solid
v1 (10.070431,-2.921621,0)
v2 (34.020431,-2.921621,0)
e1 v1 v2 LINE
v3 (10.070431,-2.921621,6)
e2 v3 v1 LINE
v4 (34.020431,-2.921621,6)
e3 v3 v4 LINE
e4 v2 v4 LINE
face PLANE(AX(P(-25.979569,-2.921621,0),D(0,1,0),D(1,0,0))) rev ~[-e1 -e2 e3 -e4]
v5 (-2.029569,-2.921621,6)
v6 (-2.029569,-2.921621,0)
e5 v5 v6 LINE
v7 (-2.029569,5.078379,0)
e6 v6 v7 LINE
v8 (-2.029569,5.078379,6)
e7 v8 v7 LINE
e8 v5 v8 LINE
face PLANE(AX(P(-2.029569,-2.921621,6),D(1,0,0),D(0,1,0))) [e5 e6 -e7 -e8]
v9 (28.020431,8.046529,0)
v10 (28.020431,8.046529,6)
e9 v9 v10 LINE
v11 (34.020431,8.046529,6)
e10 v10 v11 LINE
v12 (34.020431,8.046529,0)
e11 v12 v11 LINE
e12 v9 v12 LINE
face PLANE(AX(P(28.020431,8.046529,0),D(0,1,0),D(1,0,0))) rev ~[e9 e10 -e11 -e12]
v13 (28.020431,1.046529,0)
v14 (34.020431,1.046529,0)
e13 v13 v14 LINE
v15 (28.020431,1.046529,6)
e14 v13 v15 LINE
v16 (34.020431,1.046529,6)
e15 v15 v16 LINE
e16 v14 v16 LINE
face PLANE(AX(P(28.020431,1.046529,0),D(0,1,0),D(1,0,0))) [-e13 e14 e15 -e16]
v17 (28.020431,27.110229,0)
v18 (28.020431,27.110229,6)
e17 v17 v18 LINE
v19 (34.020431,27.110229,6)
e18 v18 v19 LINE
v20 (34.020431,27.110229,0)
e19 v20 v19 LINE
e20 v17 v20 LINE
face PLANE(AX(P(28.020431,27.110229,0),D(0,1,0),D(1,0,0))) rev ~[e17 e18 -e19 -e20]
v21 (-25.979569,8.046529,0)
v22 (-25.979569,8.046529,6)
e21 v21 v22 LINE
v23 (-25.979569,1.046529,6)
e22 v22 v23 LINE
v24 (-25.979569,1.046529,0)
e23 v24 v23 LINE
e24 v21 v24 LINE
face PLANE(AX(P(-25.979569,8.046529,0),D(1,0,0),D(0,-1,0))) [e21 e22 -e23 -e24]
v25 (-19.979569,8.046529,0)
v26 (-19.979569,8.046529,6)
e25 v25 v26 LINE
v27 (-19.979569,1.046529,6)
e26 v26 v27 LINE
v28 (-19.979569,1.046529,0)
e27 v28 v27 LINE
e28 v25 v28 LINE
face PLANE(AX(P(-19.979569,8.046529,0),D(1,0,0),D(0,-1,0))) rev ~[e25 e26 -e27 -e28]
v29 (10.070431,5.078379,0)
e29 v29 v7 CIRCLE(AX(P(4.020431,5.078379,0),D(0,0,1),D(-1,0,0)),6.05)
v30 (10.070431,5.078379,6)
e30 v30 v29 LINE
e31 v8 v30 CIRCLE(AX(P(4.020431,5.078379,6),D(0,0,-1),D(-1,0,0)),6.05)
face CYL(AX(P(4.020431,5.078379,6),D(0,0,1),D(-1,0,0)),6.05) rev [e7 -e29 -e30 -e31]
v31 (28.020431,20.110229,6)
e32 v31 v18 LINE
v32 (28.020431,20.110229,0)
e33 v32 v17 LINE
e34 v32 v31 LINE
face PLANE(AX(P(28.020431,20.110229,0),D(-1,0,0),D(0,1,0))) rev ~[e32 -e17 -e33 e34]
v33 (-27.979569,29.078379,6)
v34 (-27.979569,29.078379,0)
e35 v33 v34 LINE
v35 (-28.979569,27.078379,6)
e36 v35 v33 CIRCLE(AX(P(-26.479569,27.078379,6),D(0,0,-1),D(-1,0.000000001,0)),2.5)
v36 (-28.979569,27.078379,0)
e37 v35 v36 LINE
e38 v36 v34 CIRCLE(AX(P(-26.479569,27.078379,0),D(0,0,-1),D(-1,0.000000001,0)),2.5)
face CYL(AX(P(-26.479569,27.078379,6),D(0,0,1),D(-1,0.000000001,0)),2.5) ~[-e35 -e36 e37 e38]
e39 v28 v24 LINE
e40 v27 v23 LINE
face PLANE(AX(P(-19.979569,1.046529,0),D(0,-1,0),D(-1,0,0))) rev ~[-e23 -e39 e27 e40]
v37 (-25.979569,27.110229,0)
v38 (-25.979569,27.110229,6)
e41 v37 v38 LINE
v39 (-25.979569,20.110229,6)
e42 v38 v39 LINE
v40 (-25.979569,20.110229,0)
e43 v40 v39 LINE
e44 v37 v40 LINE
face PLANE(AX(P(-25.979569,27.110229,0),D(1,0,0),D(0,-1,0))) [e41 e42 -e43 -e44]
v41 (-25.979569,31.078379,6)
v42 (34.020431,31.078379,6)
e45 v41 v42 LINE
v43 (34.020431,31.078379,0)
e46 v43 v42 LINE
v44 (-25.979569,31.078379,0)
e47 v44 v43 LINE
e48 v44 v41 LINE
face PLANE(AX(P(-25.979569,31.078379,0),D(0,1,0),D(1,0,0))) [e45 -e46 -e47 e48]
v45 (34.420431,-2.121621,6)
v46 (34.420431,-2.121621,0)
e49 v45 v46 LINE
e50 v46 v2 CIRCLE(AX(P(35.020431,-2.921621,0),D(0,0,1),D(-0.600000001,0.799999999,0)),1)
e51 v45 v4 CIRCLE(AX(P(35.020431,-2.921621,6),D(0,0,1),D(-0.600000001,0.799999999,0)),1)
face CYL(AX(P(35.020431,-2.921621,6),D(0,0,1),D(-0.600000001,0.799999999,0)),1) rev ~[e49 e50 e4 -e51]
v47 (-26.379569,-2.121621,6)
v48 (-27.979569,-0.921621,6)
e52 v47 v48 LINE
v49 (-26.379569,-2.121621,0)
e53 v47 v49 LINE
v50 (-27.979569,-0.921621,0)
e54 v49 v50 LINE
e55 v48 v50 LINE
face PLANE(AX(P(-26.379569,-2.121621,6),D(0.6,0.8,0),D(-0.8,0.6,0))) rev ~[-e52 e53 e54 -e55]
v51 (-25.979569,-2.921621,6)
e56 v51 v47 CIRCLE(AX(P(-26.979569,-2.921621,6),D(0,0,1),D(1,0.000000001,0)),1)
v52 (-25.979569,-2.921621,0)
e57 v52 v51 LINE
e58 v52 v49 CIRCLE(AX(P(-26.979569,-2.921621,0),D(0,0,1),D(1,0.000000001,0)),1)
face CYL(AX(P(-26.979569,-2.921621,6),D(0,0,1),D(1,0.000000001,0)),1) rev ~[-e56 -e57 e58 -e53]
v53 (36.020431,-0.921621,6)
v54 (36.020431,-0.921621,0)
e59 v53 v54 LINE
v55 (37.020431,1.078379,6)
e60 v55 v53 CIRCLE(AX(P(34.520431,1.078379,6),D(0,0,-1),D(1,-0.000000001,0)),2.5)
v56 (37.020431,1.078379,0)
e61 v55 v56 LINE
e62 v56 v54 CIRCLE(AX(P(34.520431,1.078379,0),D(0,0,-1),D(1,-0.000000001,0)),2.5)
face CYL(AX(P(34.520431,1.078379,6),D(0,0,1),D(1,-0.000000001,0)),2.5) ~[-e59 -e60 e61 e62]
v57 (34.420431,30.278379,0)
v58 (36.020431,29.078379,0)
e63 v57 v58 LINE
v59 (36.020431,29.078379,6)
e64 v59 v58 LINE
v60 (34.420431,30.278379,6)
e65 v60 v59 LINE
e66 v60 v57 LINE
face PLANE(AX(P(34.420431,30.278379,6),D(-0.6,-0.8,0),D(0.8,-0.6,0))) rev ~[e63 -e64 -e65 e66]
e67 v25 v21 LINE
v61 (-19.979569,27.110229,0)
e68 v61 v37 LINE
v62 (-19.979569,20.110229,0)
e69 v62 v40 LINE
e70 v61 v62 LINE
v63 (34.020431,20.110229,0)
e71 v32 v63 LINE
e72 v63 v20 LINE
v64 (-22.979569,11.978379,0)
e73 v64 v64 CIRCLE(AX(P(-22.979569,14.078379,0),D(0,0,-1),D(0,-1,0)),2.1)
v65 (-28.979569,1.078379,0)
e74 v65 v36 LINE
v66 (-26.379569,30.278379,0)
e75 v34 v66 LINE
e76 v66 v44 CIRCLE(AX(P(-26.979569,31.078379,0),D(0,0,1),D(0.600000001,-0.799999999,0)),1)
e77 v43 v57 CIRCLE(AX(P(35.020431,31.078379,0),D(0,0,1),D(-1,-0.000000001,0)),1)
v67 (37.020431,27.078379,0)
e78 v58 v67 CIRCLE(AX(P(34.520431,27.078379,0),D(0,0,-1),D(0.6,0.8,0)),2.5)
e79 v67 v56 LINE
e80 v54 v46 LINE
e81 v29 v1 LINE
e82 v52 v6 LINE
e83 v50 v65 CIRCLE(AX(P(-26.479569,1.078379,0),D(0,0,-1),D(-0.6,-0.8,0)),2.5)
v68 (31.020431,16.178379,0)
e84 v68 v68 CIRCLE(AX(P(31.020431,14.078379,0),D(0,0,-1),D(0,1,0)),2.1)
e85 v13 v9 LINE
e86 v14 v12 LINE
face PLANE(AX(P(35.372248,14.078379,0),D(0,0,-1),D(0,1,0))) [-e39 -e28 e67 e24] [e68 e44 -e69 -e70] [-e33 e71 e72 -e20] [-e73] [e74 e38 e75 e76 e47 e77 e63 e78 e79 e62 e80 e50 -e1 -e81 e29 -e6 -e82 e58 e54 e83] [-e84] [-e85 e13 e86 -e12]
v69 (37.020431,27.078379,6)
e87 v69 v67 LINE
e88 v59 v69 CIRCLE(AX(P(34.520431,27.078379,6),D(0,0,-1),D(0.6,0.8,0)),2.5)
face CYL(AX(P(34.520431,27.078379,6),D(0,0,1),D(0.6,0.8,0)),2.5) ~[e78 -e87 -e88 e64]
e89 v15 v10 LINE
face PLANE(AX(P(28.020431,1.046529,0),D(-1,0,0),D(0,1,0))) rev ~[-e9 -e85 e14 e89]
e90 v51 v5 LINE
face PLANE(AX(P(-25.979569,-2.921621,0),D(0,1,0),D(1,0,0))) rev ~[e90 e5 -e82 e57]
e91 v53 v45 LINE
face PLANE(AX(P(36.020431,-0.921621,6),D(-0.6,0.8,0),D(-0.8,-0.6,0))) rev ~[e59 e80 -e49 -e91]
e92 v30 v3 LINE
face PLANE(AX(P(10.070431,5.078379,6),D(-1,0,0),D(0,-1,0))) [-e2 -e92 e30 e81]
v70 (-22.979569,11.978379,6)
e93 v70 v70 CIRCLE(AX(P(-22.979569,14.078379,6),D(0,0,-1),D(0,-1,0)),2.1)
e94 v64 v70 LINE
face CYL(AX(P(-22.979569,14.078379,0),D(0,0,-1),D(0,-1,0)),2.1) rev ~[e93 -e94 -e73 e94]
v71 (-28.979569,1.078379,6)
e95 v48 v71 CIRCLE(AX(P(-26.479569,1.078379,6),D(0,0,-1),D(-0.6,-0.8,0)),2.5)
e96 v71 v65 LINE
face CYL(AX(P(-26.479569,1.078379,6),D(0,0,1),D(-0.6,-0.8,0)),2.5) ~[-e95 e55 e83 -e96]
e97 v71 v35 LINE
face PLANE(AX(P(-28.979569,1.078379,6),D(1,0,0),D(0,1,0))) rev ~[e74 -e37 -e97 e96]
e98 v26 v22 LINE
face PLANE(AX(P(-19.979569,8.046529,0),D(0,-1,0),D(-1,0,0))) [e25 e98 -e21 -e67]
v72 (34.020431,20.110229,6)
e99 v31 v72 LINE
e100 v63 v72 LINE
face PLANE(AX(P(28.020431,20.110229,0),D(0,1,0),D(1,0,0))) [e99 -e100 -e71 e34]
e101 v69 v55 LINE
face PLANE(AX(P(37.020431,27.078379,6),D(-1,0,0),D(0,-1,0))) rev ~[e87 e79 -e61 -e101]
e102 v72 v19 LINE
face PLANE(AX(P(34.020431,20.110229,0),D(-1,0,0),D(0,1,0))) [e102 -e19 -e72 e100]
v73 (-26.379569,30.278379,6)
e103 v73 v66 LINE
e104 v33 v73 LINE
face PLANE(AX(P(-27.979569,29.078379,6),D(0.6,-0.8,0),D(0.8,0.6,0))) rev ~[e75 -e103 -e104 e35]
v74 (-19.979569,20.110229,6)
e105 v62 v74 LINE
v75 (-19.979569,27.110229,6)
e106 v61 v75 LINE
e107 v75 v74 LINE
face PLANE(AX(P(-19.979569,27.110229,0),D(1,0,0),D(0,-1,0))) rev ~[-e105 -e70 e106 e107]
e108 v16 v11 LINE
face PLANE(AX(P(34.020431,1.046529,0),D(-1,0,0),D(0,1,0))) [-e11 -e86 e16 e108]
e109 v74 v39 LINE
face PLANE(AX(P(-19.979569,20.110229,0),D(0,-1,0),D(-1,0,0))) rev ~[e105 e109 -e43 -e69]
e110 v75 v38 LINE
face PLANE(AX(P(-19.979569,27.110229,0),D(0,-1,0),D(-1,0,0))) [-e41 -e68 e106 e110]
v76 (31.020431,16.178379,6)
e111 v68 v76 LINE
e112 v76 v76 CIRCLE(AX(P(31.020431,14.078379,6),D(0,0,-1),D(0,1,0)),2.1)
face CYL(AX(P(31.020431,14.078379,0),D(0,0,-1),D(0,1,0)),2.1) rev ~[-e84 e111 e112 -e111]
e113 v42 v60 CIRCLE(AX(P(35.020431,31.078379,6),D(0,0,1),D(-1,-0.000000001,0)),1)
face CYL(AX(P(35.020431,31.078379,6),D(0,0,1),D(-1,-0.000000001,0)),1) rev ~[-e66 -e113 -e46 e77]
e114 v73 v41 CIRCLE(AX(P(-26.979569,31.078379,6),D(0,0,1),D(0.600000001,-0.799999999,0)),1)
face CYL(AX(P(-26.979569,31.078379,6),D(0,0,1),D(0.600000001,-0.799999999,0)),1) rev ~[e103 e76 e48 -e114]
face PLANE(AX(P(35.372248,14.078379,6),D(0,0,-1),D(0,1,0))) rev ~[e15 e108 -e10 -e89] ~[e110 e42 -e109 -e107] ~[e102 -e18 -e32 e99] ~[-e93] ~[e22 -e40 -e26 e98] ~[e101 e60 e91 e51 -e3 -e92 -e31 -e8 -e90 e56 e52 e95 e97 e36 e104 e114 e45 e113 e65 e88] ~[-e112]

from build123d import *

# Parameters (mm, degrees)
SKETCH_1_W           = 60
SKETCH_1_H           = 34
EXTRUDE_1_DEPTH      = 6
CUT_EXTRUDE_1_DEPTH  = 7
EXTRUDE_2_DEPTH      = 6
SKETCH_3_R           = 2.1
SKETCH_3_W           = 7
SKETCH_3_H           = 6
CUT_EXTRUDE_11_DEPTH = 7
EXTRUDE_21_DEPTH     = 6
SKETCH_31_R          = 2.1
SKETCH_31_W          = 7
SKETCH_31_H          = 6
CUT_EXTRUDE_12_DEPTH = 7


with BuildPart() as part:
    # Эскиз1 → Бобышка-Вытянуть1 (new body)
    with BuildSketch(Plane.XY):
        with Locations((4.02043073, 14.078379342)):
            Rectangle(SKETCH_1_W, SKETCH_1_H)
    extrude(amount=EXTRUDE_1_DEPTH)

    # Эскиз2 → Вырез-Вытянуть1 (cut, through all)
    with BuildSketch(Plane.XY.offset(6)):
        with BuildLine():
            Line((-2.02956927, -2.921620658), (-2.02956927, 5.078379342))
            ThreePointArc((-2.02956927, 5.078379342), (4.02043073, 11.128379342), (10.07043073, 5.078379342))
            Line((10.07043073, 5.078379342), (10.07043073, -2.921620658))
            ThreePointArc((10.07043073, -2.921620658), (4.02043073, -8.971620658), (-2.02956927, -2.921620658))
        make_face()
    extrude(amount=-CUT_EXTRUDE_1_DEPTH, mode=Mode.SUBTRACT)

    # Эскиз21 → Бобышка-Вытянуть2 (add)
    with BuildSketch(Plane(origin=(24.02043073, 14.078379342, 6), x_dir=(0, -1, 0), z_dir=(0, 0, -1))):
        with BuildLine():
            Line((13, 53), (-13, 53))
            ThreePointArc((-13, 53), (-14.118033989, 52.736067977), (-15, 52))
            Line((-15, 52), (-16.2, 50.4))
            ThreePointArc((-16.2, 50.4), (-16.552786405, 50.105572809), (-17, 50))
            Line((-17, 50), (17, 50))
            ThreePointArc((17, 50), (16.552786405, 50.105572809), (16.2, 50.4))
            Line((16.2, 50.4), (15, 52))
            ThreePointArc((15, 52), (14.118033989, 52.736067977), (13, 53))
        make_face()
    extrude(amount=EXTRUDE_2_DEPTH)

    # Эскиз3 → Вырез-Вытянуть11 (cut, through all)
    with BuildSketch(Plane(origin=(24.02043073, 14.078379342, 0), x_dir=(0, -1, 0), z_dir=(0, 0, -1))):
        with Locations((0, 47)):
            Circle(SKETCH_3_R)
        with Locations((9.531849908, 47)):
            Rectangle(SKETCH_3_W, SKETCH_3_H)
        with Locations((-9.531849908, 47)):
            Rectangle(SKETCH_3_W, SKETCH_3_H)
    extrude(amount=-CUT_EXTRUDE_11_DEPTH, mode=Mode.SUBTRACT)

    # Эскиз22 → Бобышка-Вытянуть21 (add)
    with BuildSketch(Plane(origin=(-15.97956927, 14.078379342, 6), x_dir=(0, 1, 0), z_dir=(0, 0, -1))):
        with BuildLine():
            Line((13, 53), (-13, 53))
            ThreePointArc((-13, 53), (-14.118033989, 52.736067977), (-15, 52))
            Line((-15, 52), (-16.2, 50.4))
            ThreePointArc((-16.2, 50.4), (-16.552786405, 50.105572809), (-17, 50))
            Line((-17, 50), (17, 50))
            ThreePointArc((17, 50), (16.552786405, 50.105572809), (16.2, 50.4))
            Line((16.2, 50.4), (15, 52))
            ThreePointArc((15, 52), (14.118033989, 52.736067977), (13, 53))
        make_face()
    extrude(amount=EXTRUDE_21_DEPTH)

    # Эскиз31 → Вырез-Вытянуть12 (cut, through all)
    with BuildSketch(Plane(origin=(-15.97956927, 14.078379342, 0), x_dir=(0, 1, 0), z_dir=(0, 0, -1))):
        with Locations((0, 47)):
            Circle(SKETCH_31_R)
        with Locations((9.531849908, 47)):
            Rectangle(SKETCH_31_W, SKETCH_31_H)
        with Locations((-9.531849908, 47)):
            Rectangle(SKETCH_31_W, SKETCH_31_H)
    extrude(amount=-CUT_EXTRUDE_12_DEPTH, mode=Mode.SUBTRACT)


solid = part.part
